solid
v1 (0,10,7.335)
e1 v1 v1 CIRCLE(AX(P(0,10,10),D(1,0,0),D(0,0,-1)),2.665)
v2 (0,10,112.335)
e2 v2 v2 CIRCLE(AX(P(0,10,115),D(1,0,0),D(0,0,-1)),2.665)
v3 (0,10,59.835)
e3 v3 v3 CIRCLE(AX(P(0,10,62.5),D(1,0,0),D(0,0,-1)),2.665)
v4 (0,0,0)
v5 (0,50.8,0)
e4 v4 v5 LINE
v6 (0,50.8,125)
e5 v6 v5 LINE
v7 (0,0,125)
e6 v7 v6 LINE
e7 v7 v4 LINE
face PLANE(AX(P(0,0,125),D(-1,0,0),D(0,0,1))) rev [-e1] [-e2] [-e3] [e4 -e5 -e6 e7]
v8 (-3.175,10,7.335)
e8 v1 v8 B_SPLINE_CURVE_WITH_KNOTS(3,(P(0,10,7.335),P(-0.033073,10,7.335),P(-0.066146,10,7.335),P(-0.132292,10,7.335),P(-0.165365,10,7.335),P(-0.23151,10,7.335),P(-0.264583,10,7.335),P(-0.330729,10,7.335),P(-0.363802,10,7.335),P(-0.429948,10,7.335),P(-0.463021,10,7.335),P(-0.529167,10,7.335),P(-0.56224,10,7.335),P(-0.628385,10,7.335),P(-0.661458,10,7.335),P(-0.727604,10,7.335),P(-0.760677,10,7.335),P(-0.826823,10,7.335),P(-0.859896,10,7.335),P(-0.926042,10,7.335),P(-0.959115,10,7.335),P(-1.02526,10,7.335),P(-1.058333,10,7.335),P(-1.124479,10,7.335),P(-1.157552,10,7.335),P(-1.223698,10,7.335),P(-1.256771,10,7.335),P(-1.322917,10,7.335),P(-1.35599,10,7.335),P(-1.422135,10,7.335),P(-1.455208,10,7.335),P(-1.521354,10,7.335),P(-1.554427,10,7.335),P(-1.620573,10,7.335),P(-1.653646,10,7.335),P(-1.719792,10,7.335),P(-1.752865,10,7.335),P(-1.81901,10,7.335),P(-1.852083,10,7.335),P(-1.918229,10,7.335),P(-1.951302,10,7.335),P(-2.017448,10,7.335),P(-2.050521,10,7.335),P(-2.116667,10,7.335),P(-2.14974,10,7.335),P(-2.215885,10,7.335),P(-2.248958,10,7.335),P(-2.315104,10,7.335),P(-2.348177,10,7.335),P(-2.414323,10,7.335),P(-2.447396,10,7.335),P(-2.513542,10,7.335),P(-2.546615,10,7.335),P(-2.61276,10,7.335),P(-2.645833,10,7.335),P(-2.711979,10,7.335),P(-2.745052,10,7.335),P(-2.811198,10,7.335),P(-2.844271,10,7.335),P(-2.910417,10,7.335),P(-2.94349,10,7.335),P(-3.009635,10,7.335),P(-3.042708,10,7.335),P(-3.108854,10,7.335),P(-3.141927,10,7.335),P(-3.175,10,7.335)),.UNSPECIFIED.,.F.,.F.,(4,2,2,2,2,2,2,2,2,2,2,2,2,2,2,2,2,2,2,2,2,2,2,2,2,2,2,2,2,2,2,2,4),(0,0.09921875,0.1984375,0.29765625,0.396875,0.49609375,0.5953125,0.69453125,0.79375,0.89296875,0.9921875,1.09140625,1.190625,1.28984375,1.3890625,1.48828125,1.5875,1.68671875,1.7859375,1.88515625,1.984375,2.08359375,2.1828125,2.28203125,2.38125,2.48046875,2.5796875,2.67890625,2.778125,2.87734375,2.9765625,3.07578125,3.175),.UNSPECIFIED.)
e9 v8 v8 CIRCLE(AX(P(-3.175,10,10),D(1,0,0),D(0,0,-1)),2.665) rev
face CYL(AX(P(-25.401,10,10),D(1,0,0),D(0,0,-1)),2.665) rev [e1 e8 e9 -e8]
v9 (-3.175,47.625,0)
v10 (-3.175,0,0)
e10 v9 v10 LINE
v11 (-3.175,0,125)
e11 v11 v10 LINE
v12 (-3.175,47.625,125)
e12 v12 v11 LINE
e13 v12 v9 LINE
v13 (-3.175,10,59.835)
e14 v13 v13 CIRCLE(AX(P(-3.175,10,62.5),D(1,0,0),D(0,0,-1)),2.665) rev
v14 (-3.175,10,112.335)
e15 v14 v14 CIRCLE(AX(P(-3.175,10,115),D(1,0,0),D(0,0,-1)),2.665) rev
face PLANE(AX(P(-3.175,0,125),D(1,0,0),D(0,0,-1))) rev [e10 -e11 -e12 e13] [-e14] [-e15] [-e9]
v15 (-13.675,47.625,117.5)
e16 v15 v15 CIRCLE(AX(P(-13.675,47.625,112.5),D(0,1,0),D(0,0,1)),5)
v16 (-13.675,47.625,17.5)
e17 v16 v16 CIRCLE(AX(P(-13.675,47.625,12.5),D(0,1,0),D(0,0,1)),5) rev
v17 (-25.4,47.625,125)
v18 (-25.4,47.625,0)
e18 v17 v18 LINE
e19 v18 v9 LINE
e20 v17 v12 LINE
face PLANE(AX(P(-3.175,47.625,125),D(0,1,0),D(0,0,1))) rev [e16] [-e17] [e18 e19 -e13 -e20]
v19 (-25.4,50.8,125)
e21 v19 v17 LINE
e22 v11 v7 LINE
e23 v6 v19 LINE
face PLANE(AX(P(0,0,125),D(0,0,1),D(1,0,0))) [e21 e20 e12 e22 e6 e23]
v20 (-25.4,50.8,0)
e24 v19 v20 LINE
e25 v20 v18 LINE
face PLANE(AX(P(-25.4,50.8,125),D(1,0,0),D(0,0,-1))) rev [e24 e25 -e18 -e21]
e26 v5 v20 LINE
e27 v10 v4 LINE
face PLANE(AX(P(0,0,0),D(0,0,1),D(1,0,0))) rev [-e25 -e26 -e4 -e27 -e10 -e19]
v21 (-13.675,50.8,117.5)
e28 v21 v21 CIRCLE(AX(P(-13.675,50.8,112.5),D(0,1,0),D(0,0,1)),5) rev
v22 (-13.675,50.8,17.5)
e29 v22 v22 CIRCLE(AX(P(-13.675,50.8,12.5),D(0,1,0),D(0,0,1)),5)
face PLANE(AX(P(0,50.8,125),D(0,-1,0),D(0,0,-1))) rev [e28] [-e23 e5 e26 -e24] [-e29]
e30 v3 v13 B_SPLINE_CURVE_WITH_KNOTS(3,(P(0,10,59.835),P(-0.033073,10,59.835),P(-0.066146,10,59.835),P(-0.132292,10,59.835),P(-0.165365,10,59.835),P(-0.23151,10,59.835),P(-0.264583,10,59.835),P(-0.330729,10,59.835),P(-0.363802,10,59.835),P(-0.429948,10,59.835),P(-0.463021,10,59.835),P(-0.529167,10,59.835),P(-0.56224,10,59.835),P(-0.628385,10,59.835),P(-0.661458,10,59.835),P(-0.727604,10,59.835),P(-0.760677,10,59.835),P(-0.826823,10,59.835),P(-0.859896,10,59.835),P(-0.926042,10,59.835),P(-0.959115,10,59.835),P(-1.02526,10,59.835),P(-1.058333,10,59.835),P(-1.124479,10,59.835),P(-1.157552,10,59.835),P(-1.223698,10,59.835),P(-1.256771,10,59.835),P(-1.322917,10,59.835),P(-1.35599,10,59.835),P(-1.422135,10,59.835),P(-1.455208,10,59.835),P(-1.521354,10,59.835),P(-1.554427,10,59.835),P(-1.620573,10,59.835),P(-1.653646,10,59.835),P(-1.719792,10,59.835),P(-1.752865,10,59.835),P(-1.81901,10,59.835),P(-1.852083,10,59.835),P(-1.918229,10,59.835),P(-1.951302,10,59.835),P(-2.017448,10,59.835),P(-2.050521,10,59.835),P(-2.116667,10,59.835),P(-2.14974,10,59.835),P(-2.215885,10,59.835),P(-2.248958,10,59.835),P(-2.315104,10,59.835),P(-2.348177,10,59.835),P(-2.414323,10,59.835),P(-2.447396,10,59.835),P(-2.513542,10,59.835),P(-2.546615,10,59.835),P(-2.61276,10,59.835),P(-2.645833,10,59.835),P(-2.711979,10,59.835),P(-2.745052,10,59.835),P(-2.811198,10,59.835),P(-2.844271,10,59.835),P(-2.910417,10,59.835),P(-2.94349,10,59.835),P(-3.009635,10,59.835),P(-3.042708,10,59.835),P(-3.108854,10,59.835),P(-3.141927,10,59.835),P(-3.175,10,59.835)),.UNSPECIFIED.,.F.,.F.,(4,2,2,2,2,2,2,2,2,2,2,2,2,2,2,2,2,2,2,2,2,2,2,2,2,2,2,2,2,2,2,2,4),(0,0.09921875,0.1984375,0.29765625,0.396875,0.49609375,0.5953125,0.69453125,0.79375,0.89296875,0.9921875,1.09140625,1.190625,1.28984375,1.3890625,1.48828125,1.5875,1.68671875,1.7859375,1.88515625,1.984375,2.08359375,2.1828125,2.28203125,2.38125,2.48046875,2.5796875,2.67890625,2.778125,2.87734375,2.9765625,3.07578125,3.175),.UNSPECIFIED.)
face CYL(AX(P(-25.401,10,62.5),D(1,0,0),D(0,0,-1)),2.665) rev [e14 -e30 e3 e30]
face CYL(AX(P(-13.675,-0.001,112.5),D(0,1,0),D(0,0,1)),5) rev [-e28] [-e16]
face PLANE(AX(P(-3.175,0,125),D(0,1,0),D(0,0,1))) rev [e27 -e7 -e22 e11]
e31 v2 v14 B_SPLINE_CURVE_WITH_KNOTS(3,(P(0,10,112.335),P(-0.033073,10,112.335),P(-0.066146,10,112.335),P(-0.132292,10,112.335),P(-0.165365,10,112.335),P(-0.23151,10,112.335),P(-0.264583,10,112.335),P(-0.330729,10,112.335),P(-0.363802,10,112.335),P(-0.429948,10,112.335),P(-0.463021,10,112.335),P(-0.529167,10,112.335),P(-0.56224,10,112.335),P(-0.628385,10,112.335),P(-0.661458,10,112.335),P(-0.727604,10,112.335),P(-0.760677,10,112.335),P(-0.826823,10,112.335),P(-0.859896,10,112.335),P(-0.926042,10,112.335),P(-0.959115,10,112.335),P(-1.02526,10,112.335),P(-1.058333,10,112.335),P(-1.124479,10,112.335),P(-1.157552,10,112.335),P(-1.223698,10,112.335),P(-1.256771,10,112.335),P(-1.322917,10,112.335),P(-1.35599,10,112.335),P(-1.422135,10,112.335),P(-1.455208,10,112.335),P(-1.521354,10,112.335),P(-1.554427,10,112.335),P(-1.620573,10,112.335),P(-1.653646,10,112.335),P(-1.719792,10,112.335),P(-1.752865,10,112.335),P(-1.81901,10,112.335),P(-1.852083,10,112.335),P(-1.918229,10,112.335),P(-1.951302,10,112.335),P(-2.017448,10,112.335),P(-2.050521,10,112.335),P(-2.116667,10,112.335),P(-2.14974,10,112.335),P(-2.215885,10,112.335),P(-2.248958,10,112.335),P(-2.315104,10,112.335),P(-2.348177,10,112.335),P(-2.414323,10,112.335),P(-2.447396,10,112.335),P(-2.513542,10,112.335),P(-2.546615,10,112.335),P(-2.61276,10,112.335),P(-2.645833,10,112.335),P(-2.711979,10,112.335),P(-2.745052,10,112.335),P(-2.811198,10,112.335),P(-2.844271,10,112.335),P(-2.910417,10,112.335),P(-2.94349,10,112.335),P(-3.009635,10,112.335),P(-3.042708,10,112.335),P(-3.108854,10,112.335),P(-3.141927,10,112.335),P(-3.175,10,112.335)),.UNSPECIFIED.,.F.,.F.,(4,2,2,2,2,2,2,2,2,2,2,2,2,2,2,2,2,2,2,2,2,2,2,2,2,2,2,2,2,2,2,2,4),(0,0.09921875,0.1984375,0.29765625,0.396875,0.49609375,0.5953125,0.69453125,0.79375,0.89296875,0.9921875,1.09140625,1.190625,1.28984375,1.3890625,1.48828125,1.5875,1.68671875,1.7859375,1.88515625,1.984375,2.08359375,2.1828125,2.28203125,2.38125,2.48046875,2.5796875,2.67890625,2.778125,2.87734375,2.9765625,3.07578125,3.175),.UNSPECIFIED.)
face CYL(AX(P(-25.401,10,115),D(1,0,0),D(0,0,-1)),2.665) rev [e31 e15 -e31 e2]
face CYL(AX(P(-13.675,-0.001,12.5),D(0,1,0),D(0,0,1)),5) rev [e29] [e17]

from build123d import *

# Parameters (mm, degrees)
BOSS_EXTRUDE1_DEPTH = 125
CUT_EXTRUDE1_REACH  = 139.298
SKETCH2_R           = 2.665
CUT_EXTRUDE2_REACH  = 139.298
SKETCH3_R           = 5


with BuildPart() as part:
    # Sketch1 → Boss-Extrude1 (new body)
    with BuildSketch(Plane.XY):
        Polygon((0, 0), (0, 50.8), (-25.4, 50.8), (-25.4, 47.625), (-3.175, 47.625), (-3.175, 0), align=None)
    extrude(amount=BOSS_EXTRUDE1_DEPTH)

    # Sketch2 → Cut-Extrude1 (cut, up to next)
    with BuildSketch(Plane(origin=(0, 0, 0), x_dir=(0, 0, -1), z_dir=(1, 0, 0)), mode=Mode.PRIVATE) as cut_extrude1_sk1:
        with Locations((-115, 10)):
            Circle(SKETCH2_R)
    cut_extrude1_tool1 = extrude(cut_extrude1_sk1.sketch, amount=-CUT_EXTRUDE1_REACH, mode=Mode.PRIVATE) & part.part
    # Sketch2 → Cut-Extrude1 (cut, up to next)
    with BuildSketch(Plane(origin=(0, 0, 0), x_dir=(0, 0, -1), z_dir=(1, 0, 0)), mode=Mode.PRIVATE) as cut_extrude1_sk2:
        with Locations((-10, 10)):
            Circle(SKETCH2_R)
    cut_extrude1_tool2 = extrude(cut_extrude1_sk2.sketch, amount=-CUT_EXTRUDE1_REACH, mode=Mode.PRIVATE) & part.part
    # Sketch2 → Cut-Extrude1 (cut, up to next)
    with BuildSketch(Plane(origin=(0, 0, 0), x_dir=(0, 0, -1), z_dir=(1, 0, 0)), mode=Mode.PRIVATE) as cut_extrude1_sk3:
        with Locations((-62.5, 10)):
            Circle(SKETCH2_R)
    cut_extrude1_tool3 = extrude(cut_extrude1_sk3.sketch, amount=-CUT_EXTRUDE1_REACH, mode=Mode.PRIVATE) & part.part
    add(cut_extrude1_tool1.solids().sort_by_distance((0, 10, 115))[0], mode=Mode.SUBTRACT)
    add(cut_extrude1_tool2.solids().sort_by_distance((0, 10, 10))[0], mode=Mode.SUBTRACT)
    add(cut_extrude1_tool3.solids().sort_by_distance((0, 10, 62.5))[0], mode=Mode.SUBTRACT)

    # Sketch3 → Cut-Extrude2 (cut, up to next)
    with BuildSketch(Plane(origin=(0, 50.8, 0), x_dir=(1, 0, 0), z_dir=(0, 1, 0)), mode=Mode.PRIVATE) as cut_extrude2_sk1:
        with Locations(Location((-13.675, -112.5, 0), (0, 0, 270))):
            Circle(SKETCH3_R)
    cut_extrude2_tool1 = extrude(cut_extrude2_sk1.sketch, amount=-CUT_EXTRUDE2_REACH, mode=Mode.PRIVATE) & part.part
    # Sketch3 → Cut-Extrude2 (cut, up to next)
    with BuildSketch(Plane(origin=(0, 50.8, 0), x_dir=(1, 0, 0), z_dir=(0, 1, 0)), mode=Mode.PRIVATE) as cut_extrude2_sk2:
        with BuildLine():
            ThreePointArc((-8.675, -12.5), (-10.139466094, -8.964466094), (-13.675, -7.5))
            ThreePointArc((-13.675, -7.5), (-18.675, -12.5), (-13.675, -17.5))
            ThreePointArc((-13.675, -17.5), (-10.139466094, -16.035533906), (-8.675, -12.5))
        make_face()
    cut_extrude2_tool2 = extrude(cut_extrude2_sk2.sketch, amount=-CUT_EXTRUDE2_REACH, mode=Mode.PRIVATE) & part.part
    add(cut_extrude2_tool1.solids().sort_by_distance((-13.675, 50.8, 112.5))[0], mode=Mode.SUBTRACT)
    add(cut_extrude2_tool2.solids().sort_by_distance((-13.675, 50.8, 12.5))[0], mode=Mode.SUBTRACT)


solid = part.part
